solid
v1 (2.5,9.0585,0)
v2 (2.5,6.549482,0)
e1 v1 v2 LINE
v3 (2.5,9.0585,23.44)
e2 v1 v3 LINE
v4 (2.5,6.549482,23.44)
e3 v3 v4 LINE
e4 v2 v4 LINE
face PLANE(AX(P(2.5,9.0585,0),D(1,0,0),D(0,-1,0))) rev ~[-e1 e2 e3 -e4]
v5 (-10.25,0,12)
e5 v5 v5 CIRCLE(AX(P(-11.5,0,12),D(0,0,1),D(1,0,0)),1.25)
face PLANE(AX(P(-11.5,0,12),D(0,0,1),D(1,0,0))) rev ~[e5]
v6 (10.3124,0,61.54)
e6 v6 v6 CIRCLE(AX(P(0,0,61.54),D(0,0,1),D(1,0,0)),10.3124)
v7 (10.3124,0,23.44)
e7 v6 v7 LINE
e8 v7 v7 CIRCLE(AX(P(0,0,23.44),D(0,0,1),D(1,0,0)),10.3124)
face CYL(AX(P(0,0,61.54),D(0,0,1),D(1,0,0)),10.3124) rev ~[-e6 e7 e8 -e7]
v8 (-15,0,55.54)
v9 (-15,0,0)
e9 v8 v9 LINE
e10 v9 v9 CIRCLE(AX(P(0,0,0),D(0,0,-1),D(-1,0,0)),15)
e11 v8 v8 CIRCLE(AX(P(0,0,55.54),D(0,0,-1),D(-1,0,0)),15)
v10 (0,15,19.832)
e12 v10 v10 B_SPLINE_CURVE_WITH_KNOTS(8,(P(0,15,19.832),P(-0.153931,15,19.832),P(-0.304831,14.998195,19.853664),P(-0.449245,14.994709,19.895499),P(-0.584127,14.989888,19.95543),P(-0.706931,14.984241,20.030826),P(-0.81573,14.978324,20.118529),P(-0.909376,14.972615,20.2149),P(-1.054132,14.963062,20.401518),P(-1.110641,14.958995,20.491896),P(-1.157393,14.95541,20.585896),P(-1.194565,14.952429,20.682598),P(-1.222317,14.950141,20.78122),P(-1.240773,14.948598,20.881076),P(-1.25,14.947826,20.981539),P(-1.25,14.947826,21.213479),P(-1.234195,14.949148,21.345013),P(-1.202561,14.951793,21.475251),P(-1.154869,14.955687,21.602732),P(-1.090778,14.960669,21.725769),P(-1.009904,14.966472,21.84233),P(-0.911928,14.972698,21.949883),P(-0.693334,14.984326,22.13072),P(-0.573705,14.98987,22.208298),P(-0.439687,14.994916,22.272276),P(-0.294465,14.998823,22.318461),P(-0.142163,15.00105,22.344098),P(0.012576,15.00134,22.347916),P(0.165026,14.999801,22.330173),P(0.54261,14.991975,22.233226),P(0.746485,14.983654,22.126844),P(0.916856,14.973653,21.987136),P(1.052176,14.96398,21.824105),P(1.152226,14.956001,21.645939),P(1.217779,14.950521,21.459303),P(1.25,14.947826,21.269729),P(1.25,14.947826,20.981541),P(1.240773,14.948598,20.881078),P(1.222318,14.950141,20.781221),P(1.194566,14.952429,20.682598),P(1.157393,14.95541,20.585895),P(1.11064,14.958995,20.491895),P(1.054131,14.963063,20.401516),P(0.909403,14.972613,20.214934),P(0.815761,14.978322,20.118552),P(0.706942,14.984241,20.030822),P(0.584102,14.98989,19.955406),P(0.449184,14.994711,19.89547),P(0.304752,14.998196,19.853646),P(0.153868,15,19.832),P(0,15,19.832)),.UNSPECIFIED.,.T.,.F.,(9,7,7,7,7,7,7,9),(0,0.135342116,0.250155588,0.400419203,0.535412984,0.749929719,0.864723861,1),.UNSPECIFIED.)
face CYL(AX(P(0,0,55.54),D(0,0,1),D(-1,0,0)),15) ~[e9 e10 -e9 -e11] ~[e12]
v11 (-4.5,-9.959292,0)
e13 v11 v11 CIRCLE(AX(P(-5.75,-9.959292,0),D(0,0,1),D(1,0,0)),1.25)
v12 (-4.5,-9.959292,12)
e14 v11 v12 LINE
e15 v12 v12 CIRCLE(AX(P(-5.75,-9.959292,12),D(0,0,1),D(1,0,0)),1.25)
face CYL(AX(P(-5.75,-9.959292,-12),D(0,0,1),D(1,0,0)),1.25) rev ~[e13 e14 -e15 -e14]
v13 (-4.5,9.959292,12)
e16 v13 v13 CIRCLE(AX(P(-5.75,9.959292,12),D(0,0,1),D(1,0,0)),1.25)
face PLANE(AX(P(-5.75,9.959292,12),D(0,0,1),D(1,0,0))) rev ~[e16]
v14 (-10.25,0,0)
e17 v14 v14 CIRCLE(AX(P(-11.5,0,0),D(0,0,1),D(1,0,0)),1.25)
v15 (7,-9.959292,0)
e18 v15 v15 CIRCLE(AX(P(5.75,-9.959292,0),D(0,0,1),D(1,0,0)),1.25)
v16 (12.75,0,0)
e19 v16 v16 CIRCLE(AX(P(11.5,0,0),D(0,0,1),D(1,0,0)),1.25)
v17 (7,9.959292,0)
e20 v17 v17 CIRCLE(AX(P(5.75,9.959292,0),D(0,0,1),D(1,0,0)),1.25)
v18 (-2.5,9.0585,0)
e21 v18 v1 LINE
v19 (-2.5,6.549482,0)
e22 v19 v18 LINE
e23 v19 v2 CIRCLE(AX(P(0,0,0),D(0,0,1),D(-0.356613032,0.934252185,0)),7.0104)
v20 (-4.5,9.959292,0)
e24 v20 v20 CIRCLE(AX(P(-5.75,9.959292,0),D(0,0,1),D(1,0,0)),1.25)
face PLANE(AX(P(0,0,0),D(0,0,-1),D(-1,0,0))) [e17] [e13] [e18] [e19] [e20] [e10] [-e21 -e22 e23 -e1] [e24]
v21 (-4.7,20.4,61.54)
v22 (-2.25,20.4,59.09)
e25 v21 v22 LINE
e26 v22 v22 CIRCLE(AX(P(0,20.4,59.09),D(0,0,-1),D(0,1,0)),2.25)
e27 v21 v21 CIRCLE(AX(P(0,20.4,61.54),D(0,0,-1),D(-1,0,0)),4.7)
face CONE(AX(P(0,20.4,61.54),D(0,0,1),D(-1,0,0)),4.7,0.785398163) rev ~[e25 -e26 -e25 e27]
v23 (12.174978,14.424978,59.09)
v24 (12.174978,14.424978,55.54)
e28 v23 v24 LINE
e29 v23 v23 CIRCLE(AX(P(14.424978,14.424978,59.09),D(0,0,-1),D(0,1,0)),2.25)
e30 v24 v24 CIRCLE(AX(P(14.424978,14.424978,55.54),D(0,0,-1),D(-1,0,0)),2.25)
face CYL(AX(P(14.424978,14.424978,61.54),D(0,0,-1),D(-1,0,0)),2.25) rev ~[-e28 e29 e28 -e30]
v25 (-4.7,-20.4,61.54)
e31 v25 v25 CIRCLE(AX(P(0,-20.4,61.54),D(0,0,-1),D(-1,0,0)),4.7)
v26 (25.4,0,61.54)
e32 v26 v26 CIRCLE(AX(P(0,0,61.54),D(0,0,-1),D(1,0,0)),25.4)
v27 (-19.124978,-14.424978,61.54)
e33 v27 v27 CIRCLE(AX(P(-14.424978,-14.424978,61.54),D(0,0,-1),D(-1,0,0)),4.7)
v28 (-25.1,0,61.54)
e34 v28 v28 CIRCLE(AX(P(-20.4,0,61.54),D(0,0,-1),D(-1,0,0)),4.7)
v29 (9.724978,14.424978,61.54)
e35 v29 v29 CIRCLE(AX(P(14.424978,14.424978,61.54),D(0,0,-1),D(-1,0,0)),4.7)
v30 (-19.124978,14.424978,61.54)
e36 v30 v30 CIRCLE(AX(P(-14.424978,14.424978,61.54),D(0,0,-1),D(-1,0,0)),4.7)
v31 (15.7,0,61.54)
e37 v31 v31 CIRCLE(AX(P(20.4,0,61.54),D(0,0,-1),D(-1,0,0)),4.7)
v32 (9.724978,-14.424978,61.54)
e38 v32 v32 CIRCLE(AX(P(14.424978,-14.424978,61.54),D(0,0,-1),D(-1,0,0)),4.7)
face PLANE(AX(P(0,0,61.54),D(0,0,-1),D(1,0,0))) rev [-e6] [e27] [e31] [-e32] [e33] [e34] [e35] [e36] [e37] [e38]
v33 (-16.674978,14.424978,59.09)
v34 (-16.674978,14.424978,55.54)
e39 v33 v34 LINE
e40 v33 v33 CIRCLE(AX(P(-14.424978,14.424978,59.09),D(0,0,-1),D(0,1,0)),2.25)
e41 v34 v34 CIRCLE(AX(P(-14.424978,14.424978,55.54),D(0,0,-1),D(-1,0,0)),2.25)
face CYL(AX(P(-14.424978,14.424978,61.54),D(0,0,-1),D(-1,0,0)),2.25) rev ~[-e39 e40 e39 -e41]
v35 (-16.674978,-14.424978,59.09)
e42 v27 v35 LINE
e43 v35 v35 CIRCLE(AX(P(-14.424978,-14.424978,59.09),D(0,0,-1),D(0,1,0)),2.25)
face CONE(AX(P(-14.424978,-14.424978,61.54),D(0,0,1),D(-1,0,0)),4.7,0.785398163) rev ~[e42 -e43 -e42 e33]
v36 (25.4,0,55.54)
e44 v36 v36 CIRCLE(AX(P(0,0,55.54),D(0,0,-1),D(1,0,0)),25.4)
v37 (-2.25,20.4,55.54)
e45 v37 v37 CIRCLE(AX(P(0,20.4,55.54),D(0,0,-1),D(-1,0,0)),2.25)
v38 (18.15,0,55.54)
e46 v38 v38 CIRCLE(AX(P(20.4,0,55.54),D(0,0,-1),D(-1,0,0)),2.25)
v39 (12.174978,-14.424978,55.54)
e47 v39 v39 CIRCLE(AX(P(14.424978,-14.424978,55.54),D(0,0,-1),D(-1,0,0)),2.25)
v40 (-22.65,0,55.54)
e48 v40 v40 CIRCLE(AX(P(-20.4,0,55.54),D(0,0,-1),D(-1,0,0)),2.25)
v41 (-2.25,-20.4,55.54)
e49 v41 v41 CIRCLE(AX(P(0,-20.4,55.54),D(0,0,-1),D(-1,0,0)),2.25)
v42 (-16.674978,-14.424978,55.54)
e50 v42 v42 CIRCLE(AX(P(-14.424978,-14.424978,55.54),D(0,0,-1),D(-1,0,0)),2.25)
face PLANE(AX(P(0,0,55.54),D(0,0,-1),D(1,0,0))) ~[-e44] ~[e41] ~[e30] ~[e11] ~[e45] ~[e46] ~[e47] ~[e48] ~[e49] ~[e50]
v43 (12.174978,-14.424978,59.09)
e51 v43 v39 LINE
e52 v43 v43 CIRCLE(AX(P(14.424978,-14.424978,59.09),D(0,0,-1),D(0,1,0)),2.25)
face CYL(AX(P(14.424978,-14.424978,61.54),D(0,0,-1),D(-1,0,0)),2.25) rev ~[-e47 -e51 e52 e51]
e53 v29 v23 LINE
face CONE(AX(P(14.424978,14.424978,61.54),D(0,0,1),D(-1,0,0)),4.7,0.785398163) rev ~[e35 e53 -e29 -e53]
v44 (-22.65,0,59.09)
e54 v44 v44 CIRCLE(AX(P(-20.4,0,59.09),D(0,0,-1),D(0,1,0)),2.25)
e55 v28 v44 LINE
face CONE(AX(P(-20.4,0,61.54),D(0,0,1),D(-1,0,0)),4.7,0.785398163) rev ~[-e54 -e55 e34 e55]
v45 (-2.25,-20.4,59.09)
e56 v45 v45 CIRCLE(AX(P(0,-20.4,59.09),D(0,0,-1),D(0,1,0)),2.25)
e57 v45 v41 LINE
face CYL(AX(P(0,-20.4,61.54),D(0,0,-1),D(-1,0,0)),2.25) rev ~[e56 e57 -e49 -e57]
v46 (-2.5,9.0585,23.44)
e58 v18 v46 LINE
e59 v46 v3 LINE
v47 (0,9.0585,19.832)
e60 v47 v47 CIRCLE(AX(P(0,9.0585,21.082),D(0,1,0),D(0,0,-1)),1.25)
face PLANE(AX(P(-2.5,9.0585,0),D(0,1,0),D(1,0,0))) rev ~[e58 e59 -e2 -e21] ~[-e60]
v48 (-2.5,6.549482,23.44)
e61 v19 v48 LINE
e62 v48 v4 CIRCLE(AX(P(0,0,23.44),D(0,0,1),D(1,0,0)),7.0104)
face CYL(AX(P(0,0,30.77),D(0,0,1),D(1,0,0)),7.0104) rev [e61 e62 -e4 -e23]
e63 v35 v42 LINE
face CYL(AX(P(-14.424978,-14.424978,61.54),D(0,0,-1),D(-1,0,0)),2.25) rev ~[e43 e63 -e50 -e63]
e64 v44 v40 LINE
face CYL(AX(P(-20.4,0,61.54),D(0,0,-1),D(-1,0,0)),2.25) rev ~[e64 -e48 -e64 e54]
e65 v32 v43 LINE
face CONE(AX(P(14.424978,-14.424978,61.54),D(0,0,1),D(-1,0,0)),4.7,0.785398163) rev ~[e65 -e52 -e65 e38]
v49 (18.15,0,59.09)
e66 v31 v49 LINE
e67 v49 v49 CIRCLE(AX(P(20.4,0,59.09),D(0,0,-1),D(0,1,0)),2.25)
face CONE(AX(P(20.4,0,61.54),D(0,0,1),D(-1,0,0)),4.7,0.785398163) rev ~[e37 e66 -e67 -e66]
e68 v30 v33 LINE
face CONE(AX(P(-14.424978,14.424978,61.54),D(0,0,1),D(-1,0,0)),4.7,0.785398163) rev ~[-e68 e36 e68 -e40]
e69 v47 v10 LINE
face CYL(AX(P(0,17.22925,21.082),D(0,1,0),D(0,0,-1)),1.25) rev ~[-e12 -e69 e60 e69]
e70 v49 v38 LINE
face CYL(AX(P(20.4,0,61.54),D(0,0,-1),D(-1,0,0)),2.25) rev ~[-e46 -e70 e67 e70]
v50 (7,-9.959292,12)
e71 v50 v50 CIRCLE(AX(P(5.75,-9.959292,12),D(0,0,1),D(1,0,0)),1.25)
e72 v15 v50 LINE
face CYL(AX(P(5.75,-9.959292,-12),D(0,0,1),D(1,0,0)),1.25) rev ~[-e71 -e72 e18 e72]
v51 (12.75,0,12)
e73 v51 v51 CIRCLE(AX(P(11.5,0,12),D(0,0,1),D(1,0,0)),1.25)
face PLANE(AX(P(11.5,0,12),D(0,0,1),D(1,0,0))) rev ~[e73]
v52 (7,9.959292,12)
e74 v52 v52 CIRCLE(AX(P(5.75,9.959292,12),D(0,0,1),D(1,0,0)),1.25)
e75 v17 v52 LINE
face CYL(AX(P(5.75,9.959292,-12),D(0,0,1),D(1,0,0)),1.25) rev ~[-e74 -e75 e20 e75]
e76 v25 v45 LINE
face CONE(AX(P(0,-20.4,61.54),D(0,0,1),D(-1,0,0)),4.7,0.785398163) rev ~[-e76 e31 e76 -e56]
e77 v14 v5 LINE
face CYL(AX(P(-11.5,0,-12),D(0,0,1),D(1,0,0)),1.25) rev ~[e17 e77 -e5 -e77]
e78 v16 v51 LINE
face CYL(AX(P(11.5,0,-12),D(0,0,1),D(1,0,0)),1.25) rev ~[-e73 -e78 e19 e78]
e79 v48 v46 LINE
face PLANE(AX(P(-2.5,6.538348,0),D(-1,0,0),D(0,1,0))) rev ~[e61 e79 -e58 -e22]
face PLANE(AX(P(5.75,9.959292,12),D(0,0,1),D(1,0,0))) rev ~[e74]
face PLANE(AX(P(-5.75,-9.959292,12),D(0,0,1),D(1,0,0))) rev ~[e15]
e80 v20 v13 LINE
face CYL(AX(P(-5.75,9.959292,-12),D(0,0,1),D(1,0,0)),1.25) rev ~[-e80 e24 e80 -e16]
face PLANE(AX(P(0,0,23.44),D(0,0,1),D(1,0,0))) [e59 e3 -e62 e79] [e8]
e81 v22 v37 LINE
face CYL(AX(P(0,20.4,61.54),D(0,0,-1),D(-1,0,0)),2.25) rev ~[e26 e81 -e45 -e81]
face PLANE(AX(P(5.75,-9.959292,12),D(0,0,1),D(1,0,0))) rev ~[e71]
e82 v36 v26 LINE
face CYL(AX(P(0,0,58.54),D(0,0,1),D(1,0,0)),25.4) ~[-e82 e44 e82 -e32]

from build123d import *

# Parameters (mm, degrees)
SKETCH1_W                                         = 25.4
SKETCH1_H                                         = 6
SKETCH2_R                                         = 15
BOSS_EXTRUDE1_DEPTH                               = 55.54
CUT_EXTRUDE1_DEPTH                                = 62.54
SKETCH4_W                                         = 7.0104
SKETCH4_H                                         = 61.54
F_2_CLEARANCE_HOLE1_D                             = 2.5
F_2_CLEARANCE_HOLE1_DEPTH                         = 12
SKETCH7_W                                         = 1.25
SKETCH7_H                                         = 16.341500105
CSK_FOR_8_FLAT_HEAD_MACHINE_SCREW_100_D           = 4.5
CSK_FOR_8_FLAT_HEAD_MACHINE_SCREW_100_DEPTH       = 61.54
CSK_FOR_8_FLAT_HEAD_MACHINE_SCREW_100_CSINK_D     = 9.4
CSK_FOR_8_FLAT_HEAD_MACHINE_SCREW_100_CSINK_ANGLE = 90
SKETCH11_R                                        = 10.3124
CUT_EXTRUDE2_DEPTH                                = 38.1


with BuildPart() as part:
    # Sketch1 → Revolve1 (revolve)
    with BuildSketch(Plane.XZ):
        with Locations((12.7, 58.54)):
            Rectangle(SKETCH1_W, SKETCH1_H)
    revolve(axis=Axis((0, 0, 61.54), (0, 0, -1)))

    # Sketch2 → Boss-Extrude1 (add)
    with BuildSketch(Plane(origin=(0, 0, 55.54), x_dir=(-1, 0, 0), z_dir=(0, 0, -1))):
        Circle(SKETCH2_R)
    extrude(amount=BOSS_EXTRUDE1_DEPTH)

    # Sketch3 → Cut-Extrude1 (cut, through all)
    with BuildSketch(Plane(origin=(0, 0, 0), x_dir=(-1, 0, 0), z_dir=(0, 0, -1))):
        with BuildLine():
            Line((2.5, 9.058499895), (-2.5, 9.058499895))
            Line((-2.5, 9.058499895), (-2.5, 6.538348415))
            ThreePointArc((-2.5, 6.538348415), (0, 7), (2.5, 6.538348415))
            Line((2.5, 6.538348415), (2.5, 9.058499895))
        make_face()
    extrude(amount=-CUT_EXTRUDE1_DEPTH, mode=Mode.SUBTRACT)

    # Sketch4 → Cut-Revolve1 (revolve, cut)
    with BuildSketch(Plane.XZ):
        with Locations((3.5052, 30.77)):
            Rectangle(SKETCH4_W, SKETCH4_H)
    revolve(axis=Axis((0, 0, 61.54), (0, 0, -1)), mode=Mode.SUBTRACT)

    # #2 Clearance Hole1
    with Locations(Plane(origin=(0, 0, 0), x_dir=(-1, 0, 0), z_dir=(0, 0, -1))):
        with Locations((-11.5, 0), (-5.75, -9.959292144), (5.75, -9.959292144), (11.5, 0), (5.75, 9.959292144), (-5.75, 9.959292144)):
            Hole(F_2_CLEARANCE_HOLE1_D / 2, depth=F_2_CLEARANCE_HOLE1_DEPTH)

    # Sketch7 → #2 Clearance Hole2 (revolve, cut)
    with BuildSketch(Plane(origin=(0, 9.058499895, 21.082), x_dir=(0, 0, -1), z_dir=(1, 0, 0))):
        with Locations((0.625, 8.170750053)):
            Rectangle(SKETCH7_W, SKETCH7_H)
    revolve(axis=Axis((0, 2.708499895, 21.082), (0, 1, 0)), mode=Mode.SUBTRACT)

    # CSK for #8 Flat Head Machine Screw (100)1
    with Locations(Plane.XY.offset(61.54)):
        with Locations((0, 20.4), (14.424978336, 14.424978336), (20.4, 0), (14.424978336, -14.424978336), (0, -20.4), (-14.424978336, -14.424978336), (-20.4, 0), (-14.424978336, 14.424978336)):
            CounterSinkHole(CSK_FOR_8_FLAT_HEAD_MACHINE_SCREW_100_D / 2, CSK_FOR_8_FLAT_HEAD_MACHINE_SCREW_100_CSINK_D / 2, depth=CSK_FOR_8_FLAT_HEAD_MACHINE_SCREW_100_DEPTH, counter_sink_angle=CSK_FOR_8_FLAT_HEAD_MACHINE_SCREW_100_CSINK_ANGLE)

    # Sketch11 → Cut-Extrude2 (cut)
    with BuildSketch(Plane.XY.offset(61.54)):
        Circle(SKETCH11_R)
    extrude(amount=-CUT_EXTRUDE2_DEPTH, mode=Mode.SUBTRACT)


solid = part.part
